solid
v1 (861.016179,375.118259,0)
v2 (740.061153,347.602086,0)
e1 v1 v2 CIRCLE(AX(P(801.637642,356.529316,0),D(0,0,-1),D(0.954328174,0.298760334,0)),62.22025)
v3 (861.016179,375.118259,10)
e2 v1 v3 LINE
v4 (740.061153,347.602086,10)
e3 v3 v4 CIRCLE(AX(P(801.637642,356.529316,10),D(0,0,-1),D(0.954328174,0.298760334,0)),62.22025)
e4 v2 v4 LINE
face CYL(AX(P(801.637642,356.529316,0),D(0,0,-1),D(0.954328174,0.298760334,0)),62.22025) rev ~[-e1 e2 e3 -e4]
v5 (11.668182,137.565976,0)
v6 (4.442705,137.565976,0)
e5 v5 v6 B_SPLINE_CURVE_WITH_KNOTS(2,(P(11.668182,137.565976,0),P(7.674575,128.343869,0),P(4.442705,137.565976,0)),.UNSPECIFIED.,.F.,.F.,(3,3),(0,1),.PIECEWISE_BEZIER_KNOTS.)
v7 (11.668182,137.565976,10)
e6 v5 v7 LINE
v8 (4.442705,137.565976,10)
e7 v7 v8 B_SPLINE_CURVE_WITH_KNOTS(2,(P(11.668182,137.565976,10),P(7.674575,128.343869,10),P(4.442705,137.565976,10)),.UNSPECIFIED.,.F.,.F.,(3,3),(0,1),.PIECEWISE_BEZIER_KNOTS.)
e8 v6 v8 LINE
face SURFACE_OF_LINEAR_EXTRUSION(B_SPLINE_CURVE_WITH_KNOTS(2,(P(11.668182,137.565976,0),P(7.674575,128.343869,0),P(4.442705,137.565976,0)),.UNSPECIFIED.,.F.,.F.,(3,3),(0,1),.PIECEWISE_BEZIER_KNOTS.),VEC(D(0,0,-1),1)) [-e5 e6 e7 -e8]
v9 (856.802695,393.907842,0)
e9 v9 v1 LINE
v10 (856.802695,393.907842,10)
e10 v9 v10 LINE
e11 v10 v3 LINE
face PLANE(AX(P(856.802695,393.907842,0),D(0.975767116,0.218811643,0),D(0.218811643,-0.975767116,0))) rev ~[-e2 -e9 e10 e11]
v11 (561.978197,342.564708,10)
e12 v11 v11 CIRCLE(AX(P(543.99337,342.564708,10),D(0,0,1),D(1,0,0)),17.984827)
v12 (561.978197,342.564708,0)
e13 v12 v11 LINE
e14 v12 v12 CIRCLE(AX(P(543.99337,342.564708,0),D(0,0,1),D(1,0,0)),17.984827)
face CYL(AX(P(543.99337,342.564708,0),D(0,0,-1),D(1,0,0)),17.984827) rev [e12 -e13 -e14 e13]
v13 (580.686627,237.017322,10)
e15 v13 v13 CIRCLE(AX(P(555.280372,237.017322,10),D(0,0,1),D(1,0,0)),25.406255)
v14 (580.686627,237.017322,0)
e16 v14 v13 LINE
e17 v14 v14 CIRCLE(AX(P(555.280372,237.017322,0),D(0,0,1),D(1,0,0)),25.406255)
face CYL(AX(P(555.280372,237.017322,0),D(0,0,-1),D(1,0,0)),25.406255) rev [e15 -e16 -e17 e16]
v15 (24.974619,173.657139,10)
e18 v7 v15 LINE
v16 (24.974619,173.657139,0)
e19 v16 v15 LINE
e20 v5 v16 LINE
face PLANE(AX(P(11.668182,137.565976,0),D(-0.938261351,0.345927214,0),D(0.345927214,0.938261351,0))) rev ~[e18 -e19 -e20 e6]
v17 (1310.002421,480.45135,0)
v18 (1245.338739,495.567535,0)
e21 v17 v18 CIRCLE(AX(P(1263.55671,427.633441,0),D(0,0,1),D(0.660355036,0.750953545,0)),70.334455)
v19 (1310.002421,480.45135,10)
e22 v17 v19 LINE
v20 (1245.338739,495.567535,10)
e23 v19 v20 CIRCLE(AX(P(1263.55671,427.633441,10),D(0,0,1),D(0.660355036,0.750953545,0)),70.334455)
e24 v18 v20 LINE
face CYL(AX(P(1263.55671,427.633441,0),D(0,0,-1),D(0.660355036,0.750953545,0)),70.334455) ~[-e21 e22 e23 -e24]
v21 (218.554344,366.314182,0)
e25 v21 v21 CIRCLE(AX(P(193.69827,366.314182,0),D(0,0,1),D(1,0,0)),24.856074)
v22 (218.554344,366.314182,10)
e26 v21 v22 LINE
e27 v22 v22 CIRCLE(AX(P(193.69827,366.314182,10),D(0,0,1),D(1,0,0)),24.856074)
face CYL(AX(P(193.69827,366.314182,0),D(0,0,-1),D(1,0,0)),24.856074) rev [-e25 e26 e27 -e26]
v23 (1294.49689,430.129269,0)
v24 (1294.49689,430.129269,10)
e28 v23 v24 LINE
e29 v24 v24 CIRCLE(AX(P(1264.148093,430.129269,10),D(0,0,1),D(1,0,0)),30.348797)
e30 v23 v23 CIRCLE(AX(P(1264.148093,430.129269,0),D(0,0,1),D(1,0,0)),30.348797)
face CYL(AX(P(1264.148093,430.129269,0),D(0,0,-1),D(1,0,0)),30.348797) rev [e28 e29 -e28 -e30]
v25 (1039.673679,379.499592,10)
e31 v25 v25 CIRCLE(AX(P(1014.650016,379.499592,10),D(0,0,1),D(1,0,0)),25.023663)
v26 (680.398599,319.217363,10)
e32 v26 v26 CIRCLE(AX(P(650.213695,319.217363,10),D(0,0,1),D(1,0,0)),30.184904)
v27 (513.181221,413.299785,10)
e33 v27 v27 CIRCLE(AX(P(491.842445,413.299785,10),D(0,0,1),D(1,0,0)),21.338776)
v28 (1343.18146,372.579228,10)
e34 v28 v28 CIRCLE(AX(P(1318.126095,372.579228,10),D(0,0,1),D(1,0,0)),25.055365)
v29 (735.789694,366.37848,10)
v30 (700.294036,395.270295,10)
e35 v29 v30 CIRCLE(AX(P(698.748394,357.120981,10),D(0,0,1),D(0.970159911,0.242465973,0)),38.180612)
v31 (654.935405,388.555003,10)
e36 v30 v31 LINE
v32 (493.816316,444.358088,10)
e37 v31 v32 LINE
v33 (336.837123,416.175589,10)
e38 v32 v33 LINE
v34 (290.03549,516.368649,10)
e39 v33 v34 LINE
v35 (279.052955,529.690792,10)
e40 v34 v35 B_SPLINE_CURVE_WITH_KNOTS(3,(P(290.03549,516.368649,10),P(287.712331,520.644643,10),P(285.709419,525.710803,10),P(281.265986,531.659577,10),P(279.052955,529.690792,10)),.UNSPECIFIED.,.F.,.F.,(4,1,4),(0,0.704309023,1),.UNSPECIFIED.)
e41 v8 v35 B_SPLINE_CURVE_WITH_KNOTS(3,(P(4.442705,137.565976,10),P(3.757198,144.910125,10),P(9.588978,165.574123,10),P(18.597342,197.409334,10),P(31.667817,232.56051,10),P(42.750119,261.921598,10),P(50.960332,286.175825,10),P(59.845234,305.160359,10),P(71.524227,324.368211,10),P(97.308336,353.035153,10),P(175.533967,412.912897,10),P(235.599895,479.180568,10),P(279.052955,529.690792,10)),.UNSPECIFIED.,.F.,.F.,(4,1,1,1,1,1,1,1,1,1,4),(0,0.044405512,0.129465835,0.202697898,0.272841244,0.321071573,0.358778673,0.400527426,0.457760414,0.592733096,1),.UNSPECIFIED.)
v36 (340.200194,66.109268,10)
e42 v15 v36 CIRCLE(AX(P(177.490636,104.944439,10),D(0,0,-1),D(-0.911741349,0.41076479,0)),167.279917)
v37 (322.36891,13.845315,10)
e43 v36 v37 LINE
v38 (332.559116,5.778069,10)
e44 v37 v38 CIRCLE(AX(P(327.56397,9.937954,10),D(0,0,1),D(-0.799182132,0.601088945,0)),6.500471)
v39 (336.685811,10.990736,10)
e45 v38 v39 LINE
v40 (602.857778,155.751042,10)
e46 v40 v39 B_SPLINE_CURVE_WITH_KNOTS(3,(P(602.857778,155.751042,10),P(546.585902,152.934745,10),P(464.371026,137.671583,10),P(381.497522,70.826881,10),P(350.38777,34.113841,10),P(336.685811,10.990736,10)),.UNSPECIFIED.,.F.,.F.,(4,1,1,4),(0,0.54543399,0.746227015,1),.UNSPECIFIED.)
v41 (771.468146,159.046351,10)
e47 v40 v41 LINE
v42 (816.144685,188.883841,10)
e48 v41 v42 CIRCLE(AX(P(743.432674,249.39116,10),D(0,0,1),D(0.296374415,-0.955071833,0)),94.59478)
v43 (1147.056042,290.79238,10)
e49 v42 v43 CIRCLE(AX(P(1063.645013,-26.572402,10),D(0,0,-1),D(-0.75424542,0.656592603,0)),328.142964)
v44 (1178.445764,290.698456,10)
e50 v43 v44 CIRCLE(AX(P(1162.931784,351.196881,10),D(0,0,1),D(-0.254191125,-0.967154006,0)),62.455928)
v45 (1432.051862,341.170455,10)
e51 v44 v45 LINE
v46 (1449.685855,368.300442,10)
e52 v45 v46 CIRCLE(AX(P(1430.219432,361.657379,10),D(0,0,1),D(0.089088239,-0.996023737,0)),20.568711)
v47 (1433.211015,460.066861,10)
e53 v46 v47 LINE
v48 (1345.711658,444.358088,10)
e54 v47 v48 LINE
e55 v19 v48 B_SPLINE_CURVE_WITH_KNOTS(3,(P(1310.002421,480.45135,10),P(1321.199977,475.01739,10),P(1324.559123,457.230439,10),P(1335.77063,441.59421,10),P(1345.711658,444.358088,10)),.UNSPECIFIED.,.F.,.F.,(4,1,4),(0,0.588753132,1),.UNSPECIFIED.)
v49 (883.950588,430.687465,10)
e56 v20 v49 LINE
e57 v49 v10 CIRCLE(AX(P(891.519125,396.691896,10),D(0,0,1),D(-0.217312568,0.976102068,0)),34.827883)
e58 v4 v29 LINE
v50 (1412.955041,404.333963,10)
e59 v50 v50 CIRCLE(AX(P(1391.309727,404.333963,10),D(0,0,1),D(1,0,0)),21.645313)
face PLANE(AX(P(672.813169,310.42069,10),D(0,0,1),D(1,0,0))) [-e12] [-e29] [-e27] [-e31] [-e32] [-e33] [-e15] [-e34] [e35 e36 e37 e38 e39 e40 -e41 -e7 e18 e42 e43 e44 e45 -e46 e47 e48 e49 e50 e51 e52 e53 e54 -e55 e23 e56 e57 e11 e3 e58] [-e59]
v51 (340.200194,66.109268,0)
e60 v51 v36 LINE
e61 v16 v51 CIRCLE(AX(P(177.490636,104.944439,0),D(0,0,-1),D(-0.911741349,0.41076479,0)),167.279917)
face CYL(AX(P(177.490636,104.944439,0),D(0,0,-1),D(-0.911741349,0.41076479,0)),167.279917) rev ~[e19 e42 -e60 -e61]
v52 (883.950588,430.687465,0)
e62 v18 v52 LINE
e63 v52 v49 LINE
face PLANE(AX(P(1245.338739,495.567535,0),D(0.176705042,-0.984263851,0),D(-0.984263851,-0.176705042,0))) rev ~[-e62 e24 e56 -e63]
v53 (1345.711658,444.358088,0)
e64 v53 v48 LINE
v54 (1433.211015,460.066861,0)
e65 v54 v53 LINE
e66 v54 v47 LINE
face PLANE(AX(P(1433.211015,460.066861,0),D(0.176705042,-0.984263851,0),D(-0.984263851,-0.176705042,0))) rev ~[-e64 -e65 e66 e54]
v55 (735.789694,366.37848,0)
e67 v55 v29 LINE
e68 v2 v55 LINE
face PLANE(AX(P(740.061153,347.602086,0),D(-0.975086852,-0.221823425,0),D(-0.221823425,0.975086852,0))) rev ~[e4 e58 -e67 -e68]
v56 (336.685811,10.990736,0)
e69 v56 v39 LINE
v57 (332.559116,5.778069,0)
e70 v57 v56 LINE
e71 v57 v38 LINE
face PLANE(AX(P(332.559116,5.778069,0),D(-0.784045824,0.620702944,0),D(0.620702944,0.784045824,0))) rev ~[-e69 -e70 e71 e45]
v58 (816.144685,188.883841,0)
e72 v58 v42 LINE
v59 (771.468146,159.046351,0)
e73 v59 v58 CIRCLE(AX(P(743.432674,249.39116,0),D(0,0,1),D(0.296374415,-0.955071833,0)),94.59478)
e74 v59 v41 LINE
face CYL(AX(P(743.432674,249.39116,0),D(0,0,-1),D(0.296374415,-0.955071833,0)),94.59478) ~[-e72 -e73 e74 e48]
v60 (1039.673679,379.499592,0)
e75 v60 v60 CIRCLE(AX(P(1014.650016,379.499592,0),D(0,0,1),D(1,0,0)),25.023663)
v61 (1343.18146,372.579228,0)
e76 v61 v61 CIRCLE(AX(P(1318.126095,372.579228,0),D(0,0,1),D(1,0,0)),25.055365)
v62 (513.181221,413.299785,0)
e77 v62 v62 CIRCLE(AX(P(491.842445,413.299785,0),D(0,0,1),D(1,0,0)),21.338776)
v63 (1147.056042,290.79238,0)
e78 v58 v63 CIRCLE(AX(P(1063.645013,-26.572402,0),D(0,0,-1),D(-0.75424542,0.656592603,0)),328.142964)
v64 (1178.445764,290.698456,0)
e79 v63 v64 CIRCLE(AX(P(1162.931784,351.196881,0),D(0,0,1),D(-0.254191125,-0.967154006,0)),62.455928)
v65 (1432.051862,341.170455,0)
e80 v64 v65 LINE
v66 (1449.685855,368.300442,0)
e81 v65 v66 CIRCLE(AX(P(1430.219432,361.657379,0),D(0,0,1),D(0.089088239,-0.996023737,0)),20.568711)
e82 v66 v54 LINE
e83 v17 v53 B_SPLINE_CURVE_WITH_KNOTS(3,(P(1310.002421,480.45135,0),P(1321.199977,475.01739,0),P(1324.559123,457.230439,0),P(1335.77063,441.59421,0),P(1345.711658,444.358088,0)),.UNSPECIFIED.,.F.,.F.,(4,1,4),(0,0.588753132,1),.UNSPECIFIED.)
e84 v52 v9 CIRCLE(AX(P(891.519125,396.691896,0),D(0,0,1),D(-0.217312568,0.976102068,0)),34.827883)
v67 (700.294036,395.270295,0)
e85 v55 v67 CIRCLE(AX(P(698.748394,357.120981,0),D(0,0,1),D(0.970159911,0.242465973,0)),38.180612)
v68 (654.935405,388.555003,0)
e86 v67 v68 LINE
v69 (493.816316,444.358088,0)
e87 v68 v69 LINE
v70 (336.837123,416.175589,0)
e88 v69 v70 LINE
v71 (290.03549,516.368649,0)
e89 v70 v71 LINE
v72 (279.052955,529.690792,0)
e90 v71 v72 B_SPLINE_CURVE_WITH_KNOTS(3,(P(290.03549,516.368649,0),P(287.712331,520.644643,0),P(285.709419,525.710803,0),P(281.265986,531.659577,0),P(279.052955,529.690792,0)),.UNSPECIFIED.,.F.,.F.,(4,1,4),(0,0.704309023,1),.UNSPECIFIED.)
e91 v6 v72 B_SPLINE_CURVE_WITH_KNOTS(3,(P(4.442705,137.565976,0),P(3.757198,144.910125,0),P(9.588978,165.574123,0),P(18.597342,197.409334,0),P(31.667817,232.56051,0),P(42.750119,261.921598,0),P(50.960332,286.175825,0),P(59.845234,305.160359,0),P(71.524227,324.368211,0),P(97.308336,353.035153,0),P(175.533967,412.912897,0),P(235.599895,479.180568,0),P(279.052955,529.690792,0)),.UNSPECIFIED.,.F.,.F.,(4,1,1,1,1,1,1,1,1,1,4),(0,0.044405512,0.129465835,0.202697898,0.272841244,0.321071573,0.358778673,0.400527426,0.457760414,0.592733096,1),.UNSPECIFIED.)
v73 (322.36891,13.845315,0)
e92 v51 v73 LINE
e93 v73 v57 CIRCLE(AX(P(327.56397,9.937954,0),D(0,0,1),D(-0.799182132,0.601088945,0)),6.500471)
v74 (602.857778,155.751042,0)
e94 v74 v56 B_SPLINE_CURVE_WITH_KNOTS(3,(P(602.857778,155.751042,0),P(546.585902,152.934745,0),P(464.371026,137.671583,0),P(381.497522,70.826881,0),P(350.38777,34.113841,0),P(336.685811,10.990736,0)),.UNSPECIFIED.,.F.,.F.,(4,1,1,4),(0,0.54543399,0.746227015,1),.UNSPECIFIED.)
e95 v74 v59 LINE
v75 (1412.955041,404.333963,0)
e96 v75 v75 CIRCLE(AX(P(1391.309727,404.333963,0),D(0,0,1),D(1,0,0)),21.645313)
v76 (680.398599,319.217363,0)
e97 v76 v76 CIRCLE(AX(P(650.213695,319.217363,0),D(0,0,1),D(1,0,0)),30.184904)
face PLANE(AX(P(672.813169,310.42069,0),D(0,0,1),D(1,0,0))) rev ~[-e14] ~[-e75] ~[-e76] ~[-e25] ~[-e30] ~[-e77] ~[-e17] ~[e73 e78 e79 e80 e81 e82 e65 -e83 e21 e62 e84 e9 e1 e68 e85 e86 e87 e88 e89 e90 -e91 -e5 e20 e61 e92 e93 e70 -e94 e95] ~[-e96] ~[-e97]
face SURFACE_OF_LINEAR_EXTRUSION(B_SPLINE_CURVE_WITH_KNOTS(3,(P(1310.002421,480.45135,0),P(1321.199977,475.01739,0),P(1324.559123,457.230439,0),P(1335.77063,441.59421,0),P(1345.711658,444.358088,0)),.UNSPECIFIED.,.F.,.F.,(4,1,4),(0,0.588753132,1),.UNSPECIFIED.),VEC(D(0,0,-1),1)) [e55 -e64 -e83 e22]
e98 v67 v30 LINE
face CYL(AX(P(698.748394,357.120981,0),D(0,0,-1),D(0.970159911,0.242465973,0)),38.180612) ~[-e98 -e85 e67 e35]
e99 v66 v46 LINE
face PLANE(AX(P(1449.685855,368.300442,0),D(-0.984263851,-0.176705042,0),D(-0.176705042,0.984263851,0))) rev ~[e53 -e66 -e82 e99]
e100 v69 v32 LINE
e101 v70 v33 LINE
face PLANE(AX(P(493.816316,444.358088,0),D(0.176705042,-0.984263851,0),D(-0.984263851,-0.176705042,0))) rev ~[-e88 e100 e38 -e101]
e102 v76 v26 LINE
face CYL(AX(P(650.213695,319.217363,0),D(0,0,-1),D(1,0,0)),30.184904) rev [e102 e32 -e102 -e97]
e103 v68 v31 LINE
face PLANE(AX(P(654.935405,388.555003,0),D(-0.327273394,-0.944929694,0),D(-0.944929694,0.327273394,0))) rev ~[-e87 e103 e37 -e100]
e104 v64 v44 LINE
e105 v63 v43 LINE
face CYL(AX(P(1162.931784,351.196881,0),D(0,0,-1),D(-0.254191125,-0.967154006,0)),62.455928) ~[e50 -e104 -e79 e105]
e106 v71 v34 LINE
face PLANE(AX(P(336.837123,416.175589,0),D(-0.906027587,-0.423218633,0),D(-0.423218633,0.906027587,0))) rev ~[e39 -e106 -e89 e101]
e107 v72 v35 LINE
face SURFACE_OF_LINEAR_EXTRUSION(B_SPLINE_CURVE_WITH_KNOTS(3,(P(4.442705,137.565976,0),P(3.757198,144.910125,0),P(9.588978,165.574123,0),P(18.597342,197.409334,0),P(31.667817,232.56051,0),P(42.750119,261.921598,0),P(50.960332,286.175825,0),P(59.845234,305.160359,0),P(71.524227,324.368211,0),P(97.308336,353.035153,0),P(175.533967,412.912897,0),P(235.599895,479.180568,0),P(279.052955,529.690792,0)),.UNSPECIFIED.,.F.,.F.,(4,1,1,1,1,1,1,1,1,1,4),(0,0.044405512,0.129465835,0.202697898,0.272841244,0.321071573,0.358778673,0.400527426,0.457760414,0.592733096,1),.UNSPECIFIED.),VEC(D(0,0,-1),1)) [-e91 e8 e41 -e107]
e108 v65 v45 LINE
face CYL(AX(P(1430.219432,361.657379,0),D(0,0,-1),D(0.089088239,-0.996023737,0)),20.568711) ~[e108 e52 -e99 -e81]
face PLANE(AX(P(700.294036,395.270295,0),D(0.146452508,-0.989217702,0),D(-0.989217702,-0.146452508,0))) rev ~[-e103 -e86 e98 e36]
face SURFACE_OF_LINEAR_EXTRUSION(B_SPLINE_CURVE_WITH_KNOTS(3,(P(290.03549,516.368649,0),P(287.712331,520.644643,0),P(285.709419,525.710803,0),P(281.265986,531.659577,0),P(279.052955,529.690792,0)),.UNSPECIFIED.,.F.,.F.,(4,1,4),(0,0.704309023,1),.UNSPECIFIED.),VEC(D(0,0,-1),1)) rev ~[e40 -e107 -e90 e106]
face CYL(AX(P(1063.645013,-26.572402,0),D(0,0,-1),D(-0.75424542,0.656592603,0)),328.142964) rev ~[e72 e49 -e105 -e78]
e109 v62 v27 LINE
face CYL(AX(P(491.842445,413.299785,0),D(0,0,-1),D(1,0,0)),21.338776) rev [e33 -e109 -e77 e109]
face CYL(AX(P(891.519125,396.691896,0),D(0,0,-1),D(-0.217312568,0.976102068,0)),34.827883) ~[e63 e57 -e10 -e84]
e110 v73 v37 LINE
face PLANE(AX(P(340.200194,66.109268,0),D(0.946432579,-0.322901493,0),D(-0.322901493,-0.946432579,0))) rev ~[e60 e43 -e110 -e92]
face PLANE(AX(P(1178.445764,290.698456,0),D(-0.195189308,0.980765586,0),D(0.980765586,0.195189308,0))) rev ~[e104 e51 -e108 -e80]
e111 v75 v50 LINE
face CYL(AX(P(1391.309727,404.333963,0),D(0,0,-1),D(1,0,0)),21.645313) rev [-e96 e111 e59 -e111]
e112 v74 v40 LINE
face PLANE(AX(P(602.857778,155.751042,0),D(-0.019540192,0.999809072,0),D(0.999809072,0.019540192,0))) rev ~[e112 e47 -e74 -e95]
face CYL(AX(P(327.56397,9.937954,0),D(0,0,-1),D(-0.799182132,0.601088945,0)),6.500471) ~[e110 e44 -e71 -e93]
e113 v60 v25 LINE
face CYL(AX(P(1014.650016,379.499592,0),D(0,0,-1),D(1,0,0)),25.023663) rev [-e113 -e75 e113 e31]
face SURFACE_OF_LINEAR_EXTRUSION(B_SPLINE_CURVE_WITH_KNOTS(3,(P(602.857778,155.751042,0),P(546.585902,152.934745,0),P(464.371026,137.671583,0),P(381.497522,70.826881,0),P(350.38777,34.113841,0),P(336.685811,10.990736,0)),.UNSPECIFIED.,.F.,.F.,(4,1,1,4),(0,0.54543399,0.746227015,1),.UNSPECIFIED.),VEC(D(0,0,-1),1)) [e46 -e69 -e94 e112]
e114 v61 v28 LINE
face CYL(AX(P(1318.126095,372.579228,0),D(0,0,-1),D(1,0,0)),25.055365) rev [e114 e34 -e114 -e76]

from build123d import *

# Parameters (mm, degrees)
ESBO_O1_R                = 24.856074233
ESBO_O1_R_2              = 25.406254871
ESBO_O1_R_3              = 30.184904221
ESBO_O1_R_4              = 21.338775915
ESBO_O1_R_5              = 17.98482722
ESBO_O1_R_6              = 25.023662551
ESBO_O1_R_7              = 30.348796638
ESBO_O1_R_8              = 25.055364887
ESBO_O1_R_9              = 21.645313363
RESSALTO_EXTRUS_O1_DEPTH = 10


with BuildPart() as part:
    # Esboço1 → Ressalto-extrusão1 (new body)
    with BuildSketch(Plane.XY):
        with BuildLine():
            Line((493.816315556, 444.358087538), (336.83712263, 416.175588715))
            Line((336.83712263, 416.175588715), (290.035490464, 516.368648598))
            add(Edge.make_bspline(
                [(290.035490464, 516.368648598), (287.712330769, 520.644643169), (285.709418986, 525.710802504), (281.265986128, 531.659576746), (279.052955354, 529.6907922)],
                knots=[0, 0, 0, 0, 0.704309023, 1, 1, 1, 1], degree=3))
            add(Edge.make_bspline(
                [(4.442704708, 137.565976398), (3.757198471, 144.910124968), (9.588977508, 165.574123425), (18.597342097, 197.409333874), (31.667816885, 232.560510285), (42.750119374, 261.921598081), (50.960331868, 286.175825056), (59.845234016, 305.160358554), (71.524226976, 324.368210545), (97.308336237, 353.035153395), (175.533966538, 412.912897239), (235.599895151, 479.180568341), (279.052955354, 529.6907922)],
                knots=[0, 0, 0, 0, 0.044405512, 0.129465835, 0.202697898, 0.272841244, 0.321071573, 0.358778673, 0.400527426, 0.457760414, 0.592733096, 1, 1, 1, 1], degree=3))
            add(Edge.make_bspline(
                [(11.668182442, 137.565976398), (7.674575408, 128.343869258), (4.442704708, 137.565976398)],
                knots=[0, 0, 0, 1, 1, 1], degree=2))
            Line((11.668182442, 137.565976398), (24.9746192, 173.65713897))
            ThreePointArc((24.9746192, 173.65713897), (231.505571154, 263.26360212), (340.200193886, 66.109268304))
            Line((340.200193886, 66.109268304), (322.368909592, 13.84531548))
            ThreePointArc((322.368909592, 13.84531548), (323.529108436, 4.841286631), (332.559115974, 5.778068762))
            Line((332.559115974, 5.778068762), (336.685811006, 10.990736171))
            add(Edge.make_bspline(
                [(602.857777914, 155.75104247), (546.585902339, 152.934744829), (464.371026278, 137.671583224), (381.497521998, 70.826880791), (350.387769673, 34.113841035), (336.685811006, 10.990736171)],
                knots=[0, 0, 0, 0, 0.54543399, 0.746227015, 1, 1, 1, 1], degree=3))
            Line((602.857777914, 155.75104247), (771.468146156, 159.046350592))
            ThreePointArc((771.468146156, 159.046350592), (795.969164257, 170.726749579), (816.144685284, 188.883840748))
            ThreePointArc((816.144685284, 188.883840748), (967.065190477, 287.035860841), (1147.056041634, 290.792379924))
            ThreePointArc((1147.056041634, 290.792379924), (1162.744905831, 288.74123251), (1178.445763781, 290.698456349))
            Line((1178.445763781, 290.698456349), (1432.051862487, 341.170454658))
            ThreePointArc((1432.051862487, 341.170454658), (1447.465281978, 350.447894498), (1449.685854759, 368.30044185))
            Line((1449.685854759, 368.30044185), (1433.211015372, 460.066860678))
            Line((1433.211015372, 460.066860678), (1345.711658236, 444.358087538))
            add(Edge.make_bspline(
                [(1310.002421381, 480.451349667), (1321.199976851, 475.017389977), (1324.559122984, 457.230439111), (1335.770629838, 441.594209845), (1345.711658236, 444.358087538)],
                knots=[0, 0, 0, 0, 0.588753132, 1, 1, 1, 1], degree=3))
            ThreePointArc((1310.002421381, 480.451349667), (1279.566897165, 496.121465608), (1245.338738742, 495.567535219))
            Line((1245.338738742, 495.567535219), (883.95058794, 430.687464526))
            ThreePointArc((883.95058794, 430.687464526), (863.497887041, 417.375021383), (856.802695037, 393.907841737))
            Line((856.802695037, 393.907841737), (861.016179461, 375.118258624))
            ThreePointArc((861.016179461, 375.118258624), (815.4395512, 295.859168797), (740.061153128, 347.602085877))
            Line((740.061153128, 347.602085877), (735.789693525, 366.378480162))
            ThreePointArc((735.789693525, 366.378480162), (722.850722659, 386.73241299), (700.294035725, 395.27029465))
            Line((700.294035725, 395.27029465), (654.935405487, 388.555003202))
            Line((654.935405487, 388.555003202), (493.816315556, 444.358087538))
        make_face()
        with Locations((193.698270161, 366.314181508)):
            Circle(ESBO_O1_R, mode=Mode.SUBTRACT)
        with Locations((555.280371961, 237.017321532)):
            Circle(ESBO_O1_R_2, mode=Mode.SUBTRACT)
        with Locations((650.213694883, 319.217363287)):
            Circle(ESBO_O1_R_3, mode=Mode.SUBTRACT)
        with Locations((491.842444827, 413.29978542)):
            Circle(ESBO_O1_R_4, mode=Mode.SUBTRACT)
        with Locations((543.993369584, 342.564707931)):
            Circle(ESBO_O1_R_5, mode=Mode.SUBTRACT)
        with Locations((1014.650016096, 379.499591773)):
            Circle(ESBO_O1_R_6, mode=Mode.SUBTRACT)
        with Locations((1264.148093295, 430.129268588)):
            Circle(ESBO_O1_R_7, mode=Mode.SUBTRACT)
        with Locations((1318.126095233, 372.579227821)):
            Circle(ESBO_O1_R_8, mode=Mode.SUBTRACT)
        with Locations((1391.309727217, 404.333963321)):
            Circle(ESBO_O1_R_9, mode=Mode.SUBTRACT)
    extrude(amount=RESSALTO_EXTRUS_O1_DEPTH)


solid = part.part
